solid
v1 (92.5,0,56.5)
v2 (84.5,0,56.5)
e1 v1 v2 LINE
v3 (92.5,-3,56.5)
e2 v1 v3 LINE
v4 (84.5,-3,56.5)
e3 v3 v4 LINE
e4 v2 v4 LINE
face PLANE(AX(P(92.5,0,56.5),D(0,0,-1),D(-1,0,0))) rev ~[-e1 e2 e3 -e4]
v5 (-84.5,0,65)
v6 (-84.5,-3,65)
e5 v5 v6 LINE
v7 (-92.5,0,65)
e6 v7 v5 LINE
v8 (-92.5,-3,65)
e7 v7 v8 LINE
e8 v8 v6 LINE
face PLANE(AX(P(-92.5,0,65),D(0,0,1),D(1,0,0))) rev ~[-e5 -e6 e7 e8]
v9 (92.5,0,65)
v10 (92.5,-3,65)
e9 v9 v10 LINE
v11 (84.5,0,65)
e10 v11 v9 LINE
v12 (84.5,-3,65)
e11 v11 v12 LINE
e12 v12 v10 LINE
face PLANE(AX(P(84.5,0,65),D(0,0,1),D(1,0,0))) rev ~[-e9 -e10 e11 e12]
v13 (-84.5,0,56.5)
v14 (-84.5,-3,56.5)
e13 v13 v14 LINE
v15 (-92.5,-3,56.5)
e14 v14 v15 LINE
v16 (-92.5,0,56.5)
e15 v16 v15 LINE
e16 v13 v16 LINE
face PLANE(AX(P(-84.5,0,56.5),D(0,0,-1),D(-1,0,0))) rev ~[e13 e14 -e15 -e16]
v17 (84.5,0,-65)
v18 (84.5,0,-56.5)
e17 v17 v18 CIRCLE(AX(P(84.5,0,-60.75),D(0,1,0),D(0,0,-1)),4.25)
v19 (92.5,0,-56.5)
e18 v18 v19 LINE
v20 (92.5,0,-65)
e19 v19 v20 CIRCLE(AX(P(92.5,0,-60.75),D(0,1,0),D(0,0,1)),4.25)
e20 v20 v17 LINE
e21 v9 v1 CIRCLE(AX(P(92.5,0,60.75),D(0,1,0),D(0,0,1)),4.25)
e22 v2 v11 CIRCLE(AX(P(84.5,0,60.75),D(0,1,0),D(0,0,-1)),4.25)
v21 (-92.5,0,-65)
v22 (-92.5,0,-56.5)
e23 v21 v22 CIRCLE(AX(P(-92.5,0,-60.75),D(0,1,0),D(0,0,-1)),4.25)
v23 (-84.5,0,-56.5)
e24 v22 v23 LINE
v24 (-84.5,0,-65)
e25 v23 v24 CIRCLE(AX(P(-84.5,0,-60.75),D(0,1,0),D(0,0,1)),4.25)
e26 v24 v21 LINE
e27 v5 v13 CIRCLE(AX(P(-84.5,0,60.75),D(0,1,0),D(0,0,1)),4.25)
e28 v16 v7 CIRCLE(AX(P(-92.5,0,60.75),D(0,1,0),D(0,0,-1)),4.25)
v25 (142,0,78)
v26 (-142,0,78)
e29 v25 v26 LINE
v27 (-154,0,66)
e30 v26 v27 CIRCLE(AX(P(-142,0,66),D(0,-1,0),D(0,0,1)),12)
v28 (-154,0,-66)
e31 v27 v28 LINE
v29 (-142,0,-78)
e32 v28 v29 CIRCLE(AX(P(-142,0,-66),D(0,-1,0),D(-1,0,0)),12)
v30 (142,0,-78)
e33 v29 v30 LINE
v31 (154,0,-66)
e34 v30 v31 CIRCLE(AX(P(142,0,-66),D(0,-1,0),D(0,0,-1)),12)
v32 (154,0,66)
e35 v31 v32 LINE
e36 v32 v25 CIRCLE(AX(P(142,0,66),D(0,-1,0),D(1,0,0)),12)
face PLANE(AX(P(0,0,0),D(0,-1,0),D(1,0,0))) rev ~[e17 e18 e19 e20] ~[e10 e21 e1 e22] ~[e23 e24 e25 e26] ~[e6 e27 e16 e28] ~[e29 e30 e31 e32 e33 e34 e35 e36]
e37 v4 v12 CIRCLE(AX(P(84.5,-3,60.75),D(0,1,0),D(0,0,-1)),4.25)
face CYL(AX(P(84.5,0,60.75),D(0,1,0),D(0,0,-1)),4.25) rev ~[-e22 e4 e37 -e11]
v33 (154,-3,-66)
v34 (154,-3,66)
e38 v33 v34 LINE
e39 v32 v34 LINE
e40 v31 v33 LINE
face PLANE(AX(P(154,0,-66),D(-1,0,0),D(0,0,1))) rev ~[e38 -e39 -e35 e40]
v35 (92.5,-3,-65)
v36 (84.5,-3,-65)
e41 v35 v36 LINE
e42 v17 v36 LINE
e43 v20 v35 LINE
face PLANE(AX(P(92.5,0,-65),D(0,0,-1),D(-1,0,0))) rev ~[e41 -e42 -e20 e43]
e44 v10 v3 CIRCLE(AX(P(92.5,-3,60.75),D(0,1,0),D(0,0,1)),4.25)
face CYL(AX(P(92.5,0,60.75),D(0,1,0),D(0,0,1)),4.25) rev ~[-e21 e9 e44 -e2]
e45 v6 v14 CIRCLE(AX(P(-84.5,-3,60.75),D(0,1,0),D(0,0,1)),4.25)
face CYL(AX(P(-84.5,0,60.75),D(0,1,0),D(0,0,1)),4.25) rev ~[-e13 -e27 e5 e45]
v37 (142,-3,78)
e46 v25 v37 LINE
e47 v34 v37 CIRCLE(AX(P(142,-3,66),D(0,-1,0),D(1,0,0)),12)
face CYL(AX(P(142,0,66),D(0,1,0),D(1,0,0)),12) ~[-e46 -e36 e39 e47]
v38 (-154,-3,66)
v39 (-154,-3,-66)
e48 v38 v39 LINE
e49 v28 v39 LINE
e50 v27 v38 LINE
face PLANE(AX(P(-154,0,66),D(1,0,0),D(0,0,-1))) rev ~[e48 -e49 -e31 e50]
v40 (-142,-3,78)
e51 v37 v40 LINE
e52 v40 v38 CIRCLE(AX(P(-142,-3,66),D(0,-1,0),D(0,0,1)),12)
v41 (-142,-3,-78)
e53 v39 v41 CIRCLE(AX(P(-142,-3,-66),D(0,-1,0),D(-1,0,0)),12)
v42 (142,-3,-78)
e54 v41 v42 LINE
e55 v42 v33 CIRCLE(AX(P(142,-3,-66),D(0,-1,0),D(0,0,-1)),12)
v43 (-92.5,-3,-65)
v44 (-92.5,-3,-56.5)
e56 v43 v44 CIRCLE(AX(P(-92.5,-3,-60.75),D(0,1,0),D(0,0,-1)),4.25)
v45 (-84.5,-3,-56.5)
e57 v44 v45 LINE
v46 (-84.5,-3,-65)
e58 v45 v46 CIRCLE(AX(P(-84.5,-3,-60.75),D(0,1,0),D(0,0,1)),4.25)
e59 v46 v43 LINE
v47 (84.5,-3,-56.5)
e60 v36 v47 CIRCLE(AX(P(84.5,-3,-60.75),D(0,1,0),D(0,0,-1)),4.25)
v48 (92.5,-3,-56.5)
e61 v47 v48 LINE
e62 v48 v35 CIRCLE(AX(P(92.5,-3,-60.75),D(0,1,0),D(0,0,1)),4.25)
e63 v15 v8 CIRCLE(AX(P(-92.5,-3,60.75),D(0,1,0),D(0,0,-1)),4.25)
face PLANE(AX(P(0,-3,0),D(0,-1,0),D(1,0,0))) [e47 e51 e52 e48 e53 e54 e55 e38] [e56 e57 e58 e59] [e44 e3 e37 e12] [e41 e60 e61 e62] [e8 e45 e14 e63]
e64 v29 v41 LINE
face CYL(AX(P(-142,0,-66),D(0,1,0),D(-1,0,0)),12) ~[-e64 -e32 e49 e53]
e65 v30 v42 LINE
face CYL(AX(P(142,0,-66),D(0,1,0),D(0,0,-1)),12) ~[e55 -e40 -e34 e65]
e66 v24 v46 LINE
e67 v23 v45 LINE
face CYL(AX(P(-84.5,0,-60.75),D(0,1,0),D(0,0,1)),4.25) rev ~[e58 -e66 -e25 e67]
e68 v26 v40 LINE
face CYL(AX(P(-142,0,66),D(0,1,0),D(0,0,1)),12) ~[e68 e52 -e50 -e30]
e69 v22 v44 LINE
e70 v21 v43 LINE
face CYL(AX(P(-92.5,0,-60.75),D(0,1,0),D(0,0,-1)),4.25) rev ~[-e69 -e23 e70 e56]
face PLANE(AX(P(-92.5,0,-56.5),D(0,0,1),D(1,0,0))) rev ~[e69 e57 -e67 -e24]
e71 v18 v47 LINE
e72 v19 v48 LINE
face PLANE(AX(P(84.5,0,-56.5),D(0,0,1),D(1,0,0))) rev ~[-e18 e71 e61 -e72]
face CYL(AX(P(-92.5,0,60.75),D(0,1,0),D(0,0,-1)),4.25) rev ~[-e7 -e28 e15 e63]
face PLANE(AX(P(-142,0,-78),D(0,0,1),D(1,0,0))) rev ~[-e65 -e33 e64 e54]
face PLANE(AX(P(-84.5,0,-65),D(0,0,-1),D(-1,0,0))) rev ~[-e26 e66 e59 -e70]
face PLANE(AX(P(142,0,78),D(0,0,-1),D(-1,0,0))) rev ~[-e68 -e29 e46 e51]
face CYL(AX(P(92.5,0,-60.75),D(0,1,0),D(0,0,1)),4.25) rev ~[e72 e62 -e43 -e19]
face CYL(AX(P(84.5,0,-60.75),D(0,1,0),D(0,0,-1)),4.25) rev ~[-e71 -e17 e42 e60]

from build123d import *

# Parameters (mm, degrees)
F1_DEPTH = 3


with BuildPart() as f1:
    # F0 (on Front) → F1 (new body)
    with BuildSketch(Plane.XZ):
        with BuildLine():
            ThreePointArc((154, 66), (150.4852813742, 74.4852813742), (142, 78))
            Line((142, 78), (-142, 78))
            ThreePointArc((-142, 78), (-150.4852813742, 74.4852813742), (-154, 66))
            Line((-154, 66), (-154, -66))
            ThreePointArc((-154, -66), (-150.4852813742, -74.4852813742), (-142, -78))
            Line((-142, -78), (142, -78))
            ThreePointArc((142, -78), (150.4852813742, -74.4852813742), (154, -66))
            Line((154, -66), (154, 66))
        make_face()
        with BuildLine():
            ThreePointArc((-84.5, -56.5), (-80.25, -60.75), (-84.5, -65))
            Line((-84.5, -65), (-92.5, -65))
            ThreePointArc((-92.5, -65), (-96.75, -60.75), (-92.5, -56.5))
            Line((-92.5, -56.5), (-84.5, -56.5))
        make_face(mode=Mode.SUBTRACT)
        with BuildLine():
            Line((84.5, -56.5), (92.5, -56.5))
            ThreePointArc((92.5, -56.5), (96.75, -60.75), (92.5, -65))
            Line((92.5, -65), (84.5, -65))
            ThreePointArc((84.5, -65), (80.25, -60.75), (84.5, -56.5))
        make_face(mode=Mode.SUBTRACT)
        with BuildLine():
            Line((-84.5, 56.5), (-92.5, 56.5))
            ThreePointArc((-92.5, 56.5), (-96.75, 60.75), (-92.5, 65))
            Line((-92.5, 65), (-84.5, 65))
            ThreePointArc((-84.5, 65), (-80.25, 60.75), (-84.5, 56.5))
        make_face(mode=Mode.SUBTRACT)
        with BuildLine():
            Line((84.5, 65), (92.5, 65))
            ThreePointArc((92.5, 65), (96.75, 60.75), (92.5, 56.5))
            Line((92.5, 56.5), (84.5, 56.5))
            ThreePointArc((84.5, 56.5), (80.25, 60.75), (84.5, 65))
        make_face(mode=Mode.SUBTRACT)
    extrude(amount=F1_DEPTH)


solid = f1.part
